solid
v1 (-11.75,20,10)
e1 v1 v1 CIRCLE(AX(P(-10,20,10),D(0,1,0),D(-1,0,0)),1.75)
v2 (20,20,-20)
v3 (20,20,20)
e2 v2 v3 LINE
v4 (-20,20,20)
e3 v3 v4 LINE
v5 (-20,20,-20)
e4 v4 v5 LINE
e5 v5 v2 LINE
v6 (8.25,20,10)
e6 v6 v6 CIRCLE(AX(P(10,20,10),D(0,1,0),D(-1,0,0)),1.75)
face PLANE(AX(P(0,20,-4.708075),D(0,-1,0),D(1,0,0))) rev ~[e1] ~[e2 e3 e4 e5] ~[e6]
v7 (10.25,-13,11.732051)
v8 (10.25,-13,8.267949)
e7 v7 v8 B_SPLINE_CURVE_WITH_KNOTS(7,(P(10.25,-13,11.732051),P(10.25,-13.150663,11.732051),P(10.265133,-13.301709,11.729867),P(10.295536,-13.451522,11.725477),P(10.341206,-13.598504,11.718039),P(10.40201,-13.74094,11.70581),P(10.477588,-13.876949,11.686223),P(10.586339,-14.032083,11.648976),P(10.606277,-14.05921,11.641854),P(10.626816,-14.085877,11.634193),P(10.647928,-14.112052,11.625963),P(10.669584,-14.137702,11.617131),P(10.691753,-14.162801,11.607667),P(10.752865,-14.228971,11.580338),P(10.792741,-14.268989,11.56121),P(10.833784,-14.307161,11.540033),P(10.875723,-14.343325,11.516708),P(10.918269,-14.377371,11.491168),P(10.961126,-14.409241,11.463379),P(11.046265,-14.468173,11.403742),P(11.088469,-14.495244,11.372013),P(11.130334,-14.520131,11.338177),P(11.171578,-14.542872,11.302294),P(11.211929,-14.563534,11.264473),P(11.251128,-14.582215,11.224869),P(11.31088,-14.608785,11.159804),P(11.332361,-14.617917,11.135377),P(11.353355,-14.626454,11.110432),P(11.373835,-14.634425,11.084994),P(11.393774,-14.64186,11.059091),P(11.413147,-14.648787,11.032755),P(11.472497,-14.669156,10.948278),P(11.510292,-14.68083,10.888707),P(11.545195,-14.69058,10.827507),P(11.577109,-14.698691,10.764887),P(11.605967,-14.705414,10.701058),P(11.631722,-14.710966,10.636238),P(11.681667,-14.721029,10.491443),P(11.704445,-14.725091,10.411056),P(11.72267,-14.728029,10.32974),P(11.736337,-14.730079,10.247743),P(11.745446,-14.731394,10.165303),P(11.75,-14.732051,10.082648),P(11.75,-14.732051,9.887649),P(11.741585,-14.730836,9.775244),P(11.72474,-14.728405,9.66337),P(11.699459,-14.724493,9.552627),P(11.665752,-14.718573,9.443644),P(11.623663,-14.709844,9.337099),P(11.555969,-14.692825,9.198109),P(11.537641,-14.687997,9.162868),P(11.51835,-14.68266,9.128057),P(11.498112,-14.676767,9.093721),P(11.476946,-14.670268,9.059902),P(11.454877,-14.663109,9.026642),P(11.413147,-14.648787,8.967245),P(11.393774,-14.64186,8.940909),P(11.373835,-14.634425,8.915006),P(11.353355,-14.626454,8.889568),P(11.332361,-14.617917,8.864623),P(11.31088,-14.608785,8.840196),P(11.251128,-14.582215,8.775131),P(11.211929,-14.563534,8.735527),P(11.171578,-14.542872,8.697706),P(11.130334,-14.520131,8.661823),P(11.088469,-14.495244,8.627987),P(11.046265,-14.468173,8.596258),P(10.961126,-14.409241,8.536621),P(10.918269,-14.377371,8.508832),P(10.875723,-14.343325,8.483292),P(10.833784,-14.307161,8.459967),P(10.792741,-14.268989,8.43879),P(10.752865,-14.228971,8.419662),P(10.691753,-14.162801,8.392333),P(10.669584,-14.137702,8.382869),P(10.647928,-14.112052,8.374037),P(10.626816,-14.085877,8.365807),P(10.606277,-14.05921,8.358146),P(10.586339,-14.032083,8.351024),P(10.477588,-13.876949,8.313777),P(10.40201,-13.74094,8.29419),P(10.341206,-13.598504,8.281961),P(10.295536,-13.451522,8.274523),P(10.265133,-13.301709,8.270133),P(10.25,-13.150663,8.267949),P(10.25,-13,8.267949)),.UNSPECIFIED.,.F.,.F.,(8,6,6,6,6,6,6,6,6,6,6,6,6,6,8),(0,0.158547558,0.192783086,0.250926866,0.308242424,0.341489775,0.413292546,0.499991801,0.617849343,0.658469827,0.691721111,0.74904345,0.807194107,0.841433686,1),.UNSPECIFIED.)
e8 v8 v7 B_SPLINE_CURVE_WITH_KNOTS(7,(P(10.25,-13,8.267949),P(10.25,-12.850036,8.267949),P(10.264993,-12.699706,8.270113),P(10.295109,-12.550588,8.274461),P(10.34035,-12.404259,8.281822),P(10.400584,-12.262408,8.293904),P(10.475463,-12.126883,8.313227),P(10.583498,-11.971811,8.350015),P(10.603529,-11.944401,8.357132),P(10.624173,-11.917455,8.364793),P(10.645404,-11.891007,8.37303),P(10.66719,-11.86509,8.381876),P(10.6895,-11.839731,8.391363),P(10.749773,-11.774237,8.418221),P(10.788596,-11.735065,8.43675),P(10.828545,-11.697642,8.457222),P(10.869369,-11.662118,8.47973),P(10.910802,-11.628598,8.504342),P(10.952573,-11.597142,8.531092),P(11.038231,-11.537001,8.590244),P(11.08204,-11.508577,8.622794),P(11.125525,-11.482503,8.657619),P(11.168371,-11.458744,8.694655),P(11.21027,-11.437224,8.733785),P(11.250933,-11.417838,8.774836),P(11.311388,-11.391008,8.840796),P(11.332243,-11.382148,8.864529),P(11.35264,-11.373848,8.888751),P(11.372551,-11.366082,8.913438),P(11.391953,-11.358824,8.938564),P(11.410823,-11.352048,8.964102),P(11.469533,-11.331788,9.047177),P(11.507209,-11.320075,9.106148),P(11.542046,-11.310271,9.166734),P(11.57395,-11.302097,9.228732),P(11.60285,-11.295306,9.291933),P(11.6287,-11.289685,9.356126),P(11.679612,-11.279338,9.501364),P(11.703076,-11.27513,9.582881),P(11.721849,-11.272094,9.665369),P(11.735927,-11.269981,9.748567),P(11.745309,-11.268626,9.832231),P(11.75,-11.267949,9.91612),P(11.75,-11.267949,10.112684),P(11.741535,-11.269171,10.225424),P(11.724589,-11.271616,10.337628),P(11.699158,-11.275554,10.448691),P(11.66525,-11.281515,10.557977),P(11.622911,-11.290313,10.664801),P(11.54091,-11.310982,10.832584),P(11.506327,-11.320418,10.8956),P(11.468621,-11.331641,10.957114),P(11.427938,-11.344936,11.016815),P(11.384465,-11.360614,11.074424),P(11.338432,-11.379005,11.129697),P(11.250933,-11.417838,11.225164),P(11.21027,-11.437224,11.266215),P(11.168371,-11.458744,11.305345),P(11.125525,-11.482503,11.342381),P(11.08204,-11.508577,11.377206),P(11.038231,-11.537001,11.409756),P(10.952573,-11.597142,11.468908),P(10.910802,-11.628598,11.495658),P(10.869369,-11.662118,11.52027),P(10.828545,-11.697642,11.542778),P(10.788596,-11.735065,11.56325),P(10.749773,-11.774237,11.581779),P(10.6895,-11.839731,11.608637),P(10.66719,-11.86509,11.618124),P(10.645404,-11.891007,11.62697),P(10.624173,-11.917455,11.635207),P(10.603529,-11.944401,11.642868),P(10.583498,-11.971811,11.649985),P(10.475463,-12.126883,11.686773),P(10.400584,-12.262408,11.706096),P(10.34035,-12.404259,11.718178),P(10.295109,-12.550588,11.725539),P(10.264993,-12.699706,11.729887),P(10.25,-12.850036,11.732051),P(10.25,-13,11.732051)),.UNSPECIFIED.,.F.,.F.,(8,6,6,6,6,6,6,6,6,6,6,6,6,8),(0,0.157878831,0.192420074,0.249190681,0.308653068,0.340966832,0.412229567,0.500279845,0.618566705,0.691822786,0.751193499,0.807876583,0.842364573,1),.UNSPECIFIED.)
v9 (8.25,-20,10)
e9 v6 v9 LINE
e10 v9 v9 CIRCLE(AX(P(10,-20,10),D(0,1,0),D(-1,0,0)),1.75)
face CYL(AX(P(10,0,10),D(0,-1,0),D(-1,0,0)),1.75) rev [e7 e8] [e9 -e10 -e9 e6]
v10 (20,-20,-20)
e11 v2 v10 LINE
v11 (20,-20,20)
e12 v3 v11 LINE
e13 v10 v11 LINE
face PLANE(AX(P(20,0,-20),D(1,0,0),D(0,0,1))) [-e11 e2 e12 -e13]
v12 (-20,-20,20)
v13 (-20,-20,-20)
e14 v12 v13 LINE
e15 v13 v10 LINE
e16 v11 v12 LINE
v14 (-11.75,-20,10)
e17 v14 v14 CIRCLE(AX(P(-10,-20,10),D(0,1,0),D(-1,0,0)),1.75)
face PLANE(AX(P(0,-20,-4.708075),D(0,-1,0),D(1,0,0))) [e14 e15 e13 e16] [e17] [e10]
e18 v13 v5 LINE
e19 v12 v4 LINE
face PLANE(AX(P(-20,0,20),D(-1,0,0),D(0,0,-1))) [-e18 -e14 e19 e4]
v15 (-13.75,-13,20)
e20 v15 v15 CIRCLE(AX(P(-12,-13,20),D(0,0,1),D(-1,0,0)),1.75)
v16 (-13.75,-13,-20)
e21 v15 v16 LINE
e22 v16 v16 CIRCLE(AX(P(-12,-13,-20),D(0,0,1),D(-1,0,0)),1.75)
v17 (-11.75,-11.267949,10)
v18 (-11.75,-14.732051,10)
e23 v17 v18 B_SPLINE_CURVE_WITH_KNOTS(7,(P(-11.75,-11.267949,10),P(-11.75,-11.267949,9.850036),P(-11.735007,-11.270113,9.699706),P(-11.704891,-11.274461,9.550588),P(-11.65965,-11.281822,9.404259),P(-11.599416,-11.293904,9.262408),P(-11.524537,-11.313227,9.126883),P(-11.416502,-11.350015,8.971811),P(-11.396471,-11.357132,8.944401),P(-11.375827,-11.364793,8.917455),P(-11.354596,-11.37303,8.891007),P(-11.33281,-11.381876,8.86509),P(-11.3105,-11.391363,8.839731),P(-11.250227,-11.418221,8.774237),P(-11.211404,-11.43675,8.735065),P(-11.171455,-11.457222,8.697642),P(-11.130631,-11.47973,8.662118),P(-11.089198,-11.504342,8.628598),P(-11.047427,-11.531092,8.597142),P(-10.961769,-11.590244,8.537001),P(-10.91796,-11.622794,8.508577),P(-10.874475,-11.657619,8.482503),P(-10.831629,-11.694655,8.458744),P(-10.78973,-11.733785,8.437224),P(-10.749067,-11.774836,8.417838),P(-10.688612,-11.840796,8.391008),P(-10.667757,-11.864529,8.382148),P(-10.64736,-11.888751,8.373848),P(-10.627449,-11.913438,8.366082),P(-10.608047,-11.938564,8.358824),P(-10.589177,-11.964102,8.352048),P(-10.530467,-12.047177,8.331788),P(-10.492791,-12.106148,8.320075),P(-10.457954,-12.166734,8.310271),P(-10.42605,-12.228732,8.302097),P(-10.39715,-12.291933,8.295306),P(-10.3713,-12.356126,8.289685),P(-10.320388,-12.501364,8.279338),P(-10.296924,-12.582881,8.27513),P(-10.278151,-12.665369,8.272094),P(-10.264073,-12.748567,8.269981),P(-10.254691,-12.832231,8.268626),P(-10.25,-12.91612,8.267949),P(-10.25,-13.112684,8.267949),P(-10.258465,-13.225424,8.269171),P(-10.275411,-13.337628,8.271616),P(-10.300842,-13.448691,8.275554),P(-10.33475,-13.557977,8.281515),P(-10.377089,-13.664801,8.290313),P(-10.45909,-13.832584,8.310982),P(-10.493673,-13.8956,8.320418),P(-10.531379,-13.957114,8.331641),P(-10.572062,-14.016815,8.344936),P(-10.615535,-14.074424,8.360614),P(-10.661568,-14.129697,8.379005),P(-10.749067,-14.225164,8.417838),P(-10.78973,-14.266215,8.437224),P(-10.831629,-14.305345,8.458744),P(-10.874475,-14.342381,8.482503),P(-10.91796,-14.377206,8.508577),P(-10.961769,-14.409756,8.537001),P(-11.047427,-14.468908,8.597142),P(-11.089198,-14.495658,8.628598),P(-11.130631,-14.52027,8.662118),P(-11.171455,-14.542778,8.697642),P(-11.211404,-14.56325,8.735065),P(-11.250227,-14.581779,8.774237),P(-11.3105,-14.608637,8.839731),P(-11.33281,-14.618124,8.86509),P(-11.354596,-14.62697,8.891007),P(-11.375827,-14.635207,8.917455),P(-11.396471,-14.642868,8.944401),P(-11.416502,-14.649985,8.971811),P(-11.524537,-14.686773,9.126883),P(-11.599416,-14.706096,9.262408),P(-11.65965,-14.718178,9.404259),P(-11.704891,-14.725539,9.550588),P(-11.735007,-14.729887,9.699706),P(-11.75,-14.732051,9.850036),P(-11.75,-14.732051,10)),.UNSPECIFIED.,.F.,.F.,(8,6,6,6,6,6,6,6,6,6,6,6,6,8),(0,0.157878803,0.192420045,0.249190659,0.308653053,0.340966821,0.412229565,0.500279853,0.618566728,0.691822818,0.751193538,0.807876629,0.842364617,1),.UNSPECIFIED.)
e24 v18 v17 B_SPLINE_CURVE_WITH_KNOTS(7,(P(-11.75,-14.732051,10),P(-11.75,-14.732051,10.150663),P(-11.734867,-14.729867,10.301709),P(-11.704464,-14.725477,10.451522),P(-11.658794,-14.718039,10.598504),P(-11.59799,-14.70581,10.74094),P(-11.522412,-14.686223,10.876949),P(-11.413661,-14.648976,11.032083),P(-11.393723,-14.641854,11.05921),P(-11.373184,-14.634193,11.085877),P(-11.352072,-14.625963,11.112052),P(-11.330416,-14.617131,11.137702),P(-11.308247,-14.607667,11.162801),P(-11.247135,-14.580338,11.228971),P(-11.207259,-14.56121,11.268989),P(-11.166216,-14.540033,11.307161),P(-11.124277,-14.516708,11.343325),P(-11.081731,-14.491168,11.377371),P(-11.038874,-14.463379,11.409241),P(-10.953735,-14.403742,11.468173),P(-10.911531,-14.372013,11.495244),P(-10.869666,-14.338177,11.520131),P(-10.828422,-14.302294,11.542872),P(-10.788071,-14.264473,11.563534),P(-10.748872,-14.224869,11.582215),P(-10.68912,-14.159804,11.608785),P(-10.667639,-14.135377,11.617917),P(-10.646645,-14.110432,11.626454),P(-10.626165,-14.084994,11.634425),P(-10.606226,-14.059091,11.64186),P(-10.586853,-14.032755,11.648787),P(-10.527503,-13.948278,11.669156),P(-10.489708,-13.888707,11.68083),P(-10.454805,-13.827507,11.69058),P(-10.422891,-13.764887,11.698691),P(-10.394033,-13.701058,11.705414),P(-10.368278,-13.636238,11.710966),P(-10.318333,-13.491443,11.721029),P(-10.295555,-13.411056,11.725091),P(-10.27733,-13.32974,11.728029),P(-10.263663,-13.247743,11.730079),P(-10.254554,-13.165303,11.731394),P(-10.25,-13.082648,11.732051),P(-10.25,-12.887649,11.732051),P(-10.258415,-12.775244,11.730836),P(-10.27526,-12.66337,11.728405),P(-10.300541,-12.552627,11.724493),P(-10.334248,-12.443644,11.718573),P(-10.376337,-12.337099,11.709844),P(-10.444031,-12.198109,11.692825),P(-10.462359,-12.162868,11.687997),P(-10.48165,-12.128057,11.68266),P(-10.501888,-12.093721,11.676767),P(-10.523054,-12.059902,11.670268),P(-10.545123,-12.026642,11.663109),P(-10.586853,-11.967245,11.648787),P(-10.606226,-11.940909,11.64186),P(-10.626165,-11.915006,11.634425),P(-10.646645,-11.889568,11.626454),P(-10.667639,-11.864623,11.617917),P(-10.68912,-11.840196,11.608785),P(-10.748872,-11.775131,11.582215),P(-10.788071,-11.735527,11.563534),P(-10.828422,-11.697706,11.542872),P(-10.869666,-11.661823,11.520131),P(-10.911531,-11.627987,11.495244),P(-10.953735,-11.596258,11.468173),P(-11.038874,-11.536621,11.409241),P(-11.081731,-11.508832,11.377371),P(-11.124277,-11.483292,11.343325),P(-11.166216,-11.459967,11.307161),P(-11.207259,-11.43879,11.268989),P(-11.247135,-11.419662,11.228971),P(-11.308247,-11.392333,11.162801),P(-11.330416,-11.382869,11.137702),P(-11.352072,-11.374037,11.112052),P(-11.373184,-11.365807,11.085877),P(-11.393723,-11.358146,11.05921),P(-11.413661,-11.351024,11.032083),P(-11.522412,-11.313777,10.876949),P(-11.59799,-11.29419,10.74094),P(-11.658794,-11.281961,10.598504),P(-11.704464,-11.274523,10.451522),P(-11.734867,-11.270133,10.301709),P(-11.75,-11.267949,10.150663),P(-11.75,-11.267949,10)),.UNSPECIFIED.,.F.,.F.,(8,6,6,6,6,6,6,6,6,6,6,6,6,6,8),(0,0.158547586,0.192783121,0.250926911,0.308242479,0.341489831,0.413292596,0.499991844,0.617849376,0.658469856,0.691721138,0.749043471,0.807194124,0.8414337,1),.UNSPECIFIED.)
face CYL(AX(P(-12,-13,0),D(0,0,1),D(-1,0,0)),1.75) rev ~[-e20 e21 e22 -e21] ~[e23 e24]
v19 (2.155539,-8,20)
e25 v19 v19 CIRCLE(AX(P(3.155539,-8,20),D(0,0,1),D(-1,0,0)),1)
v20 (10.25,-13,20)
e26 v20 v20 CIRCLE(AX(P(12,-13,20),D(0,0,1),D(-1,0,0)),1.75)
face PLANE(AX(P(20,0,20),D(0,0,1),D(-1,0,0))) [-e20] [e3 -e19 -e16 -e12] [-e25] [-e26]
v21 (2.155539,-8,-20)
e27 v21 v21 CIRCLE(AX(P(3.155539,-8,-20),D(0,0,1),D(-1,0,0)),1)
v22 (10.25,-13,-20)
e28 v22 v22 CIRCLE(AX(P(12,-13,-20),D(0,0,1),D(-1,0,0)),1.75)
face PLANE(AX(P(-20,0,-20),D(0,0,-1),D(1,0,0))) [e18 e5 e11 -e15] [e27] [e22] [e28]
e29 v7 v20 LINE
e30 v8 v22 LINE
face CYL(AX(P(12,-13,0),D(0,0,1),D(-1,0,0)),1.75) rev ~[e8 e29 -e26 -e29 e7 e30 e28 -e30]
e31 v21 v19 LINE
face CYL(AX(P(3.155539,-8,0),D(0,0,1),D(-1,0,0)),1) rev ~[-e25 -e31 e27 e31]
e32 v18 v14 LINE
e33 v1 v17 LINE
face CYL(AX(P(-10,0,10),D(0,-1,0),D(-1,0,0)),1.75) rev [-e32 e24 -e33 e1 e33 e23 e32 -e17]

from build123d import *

# Parameters (mm, degrees)
F2_DEPTH = 20
F3_DEPTH = 20


with BuildPart() as f2:
    # F1 (on Front) → F2 (new body, symmetric)
    with BuildSketch(Plane.XZ):
        with BuildLine():
            Line((-11.75, 10), (-20, 10))
            Line((-20, 10), (-20, -20))
            Line((-20, -20), (20, -20))
            Line((20, -20), (20, 10))
            Line((20, 10), (11.75, 10))
            ThreePointArc((11.75, 10), (10, 8.25), (8.25, 10))
            Line((8.25, 10), (-8.25, 10))
            ThreePointArc((-8.25, 10), (-10, 8.25), (-11.75, 10))
        make_face()
        with BuildLine():
            Line((20, 20), (-20, 20))
            Line((-20, 20), (-20, 10))
            Line((-20, 10), (-11.75, 10))
            ThreePointArc((-11.75, 10), (-10, 11.75), (-8.25, 10))
            Line((-8.25, 10), (8.25, 10))
            ThreePointArc((8.25, 10), (10, 11.75), (11.75, 10))
            Line((11.75, 10), (20, 10))
            Line((20, 10), (20, 20))
        make_face()
    extrude(amount=F2_DEPTH, both=True)

    # F0 (on Top) → F3 (cut, symmetric)
    with BuildSketch(Plane.XY):
        with BuildLine():
            ThreePointArc((-10.25, -13), (-12, -11.25), (-13.75, -13))
            Line((-13.75, -13), (-10.25, -13))
        make_face()
        with BuildLine():
            Line((-10.25, -13), (-13.75, -13))
            ThreePointArc((-13.75, -13), (-12, -14.75), (-10.25, -13))
        make_face()
        with BuildLine():
            Line((10.25, -13), (13.75, -13))
            ThreePointArc((13.75, -13), (12, -11.25), (10.25, -13))
        make_face()
        with BuildLine():
            ThreePointArc((10.25, -13), (12, -14.75), (13.75, -13))
            Line((13.75, -13), (10.25, -13))
        make_face()
        with BuildLine():
            ThreePointArc((4.1555385794, -8), (3.1555385794, -7), (2.1555385794, -8))
            Line((2.1555385794, -8), (4.1555385794, -8))
        make_face()
        with BuildLine():
            Line((4.1555385794, -8), (2.1555385794, -8))
            ThreePointArc((2.1555385794, -8), (3.1555385794, -9), (4.1555385794, -8))
        make_face()
    extrude(amount=F3_DEPTH, both=True, mode=Mode.SUBTRACT)


solid = f2.part
